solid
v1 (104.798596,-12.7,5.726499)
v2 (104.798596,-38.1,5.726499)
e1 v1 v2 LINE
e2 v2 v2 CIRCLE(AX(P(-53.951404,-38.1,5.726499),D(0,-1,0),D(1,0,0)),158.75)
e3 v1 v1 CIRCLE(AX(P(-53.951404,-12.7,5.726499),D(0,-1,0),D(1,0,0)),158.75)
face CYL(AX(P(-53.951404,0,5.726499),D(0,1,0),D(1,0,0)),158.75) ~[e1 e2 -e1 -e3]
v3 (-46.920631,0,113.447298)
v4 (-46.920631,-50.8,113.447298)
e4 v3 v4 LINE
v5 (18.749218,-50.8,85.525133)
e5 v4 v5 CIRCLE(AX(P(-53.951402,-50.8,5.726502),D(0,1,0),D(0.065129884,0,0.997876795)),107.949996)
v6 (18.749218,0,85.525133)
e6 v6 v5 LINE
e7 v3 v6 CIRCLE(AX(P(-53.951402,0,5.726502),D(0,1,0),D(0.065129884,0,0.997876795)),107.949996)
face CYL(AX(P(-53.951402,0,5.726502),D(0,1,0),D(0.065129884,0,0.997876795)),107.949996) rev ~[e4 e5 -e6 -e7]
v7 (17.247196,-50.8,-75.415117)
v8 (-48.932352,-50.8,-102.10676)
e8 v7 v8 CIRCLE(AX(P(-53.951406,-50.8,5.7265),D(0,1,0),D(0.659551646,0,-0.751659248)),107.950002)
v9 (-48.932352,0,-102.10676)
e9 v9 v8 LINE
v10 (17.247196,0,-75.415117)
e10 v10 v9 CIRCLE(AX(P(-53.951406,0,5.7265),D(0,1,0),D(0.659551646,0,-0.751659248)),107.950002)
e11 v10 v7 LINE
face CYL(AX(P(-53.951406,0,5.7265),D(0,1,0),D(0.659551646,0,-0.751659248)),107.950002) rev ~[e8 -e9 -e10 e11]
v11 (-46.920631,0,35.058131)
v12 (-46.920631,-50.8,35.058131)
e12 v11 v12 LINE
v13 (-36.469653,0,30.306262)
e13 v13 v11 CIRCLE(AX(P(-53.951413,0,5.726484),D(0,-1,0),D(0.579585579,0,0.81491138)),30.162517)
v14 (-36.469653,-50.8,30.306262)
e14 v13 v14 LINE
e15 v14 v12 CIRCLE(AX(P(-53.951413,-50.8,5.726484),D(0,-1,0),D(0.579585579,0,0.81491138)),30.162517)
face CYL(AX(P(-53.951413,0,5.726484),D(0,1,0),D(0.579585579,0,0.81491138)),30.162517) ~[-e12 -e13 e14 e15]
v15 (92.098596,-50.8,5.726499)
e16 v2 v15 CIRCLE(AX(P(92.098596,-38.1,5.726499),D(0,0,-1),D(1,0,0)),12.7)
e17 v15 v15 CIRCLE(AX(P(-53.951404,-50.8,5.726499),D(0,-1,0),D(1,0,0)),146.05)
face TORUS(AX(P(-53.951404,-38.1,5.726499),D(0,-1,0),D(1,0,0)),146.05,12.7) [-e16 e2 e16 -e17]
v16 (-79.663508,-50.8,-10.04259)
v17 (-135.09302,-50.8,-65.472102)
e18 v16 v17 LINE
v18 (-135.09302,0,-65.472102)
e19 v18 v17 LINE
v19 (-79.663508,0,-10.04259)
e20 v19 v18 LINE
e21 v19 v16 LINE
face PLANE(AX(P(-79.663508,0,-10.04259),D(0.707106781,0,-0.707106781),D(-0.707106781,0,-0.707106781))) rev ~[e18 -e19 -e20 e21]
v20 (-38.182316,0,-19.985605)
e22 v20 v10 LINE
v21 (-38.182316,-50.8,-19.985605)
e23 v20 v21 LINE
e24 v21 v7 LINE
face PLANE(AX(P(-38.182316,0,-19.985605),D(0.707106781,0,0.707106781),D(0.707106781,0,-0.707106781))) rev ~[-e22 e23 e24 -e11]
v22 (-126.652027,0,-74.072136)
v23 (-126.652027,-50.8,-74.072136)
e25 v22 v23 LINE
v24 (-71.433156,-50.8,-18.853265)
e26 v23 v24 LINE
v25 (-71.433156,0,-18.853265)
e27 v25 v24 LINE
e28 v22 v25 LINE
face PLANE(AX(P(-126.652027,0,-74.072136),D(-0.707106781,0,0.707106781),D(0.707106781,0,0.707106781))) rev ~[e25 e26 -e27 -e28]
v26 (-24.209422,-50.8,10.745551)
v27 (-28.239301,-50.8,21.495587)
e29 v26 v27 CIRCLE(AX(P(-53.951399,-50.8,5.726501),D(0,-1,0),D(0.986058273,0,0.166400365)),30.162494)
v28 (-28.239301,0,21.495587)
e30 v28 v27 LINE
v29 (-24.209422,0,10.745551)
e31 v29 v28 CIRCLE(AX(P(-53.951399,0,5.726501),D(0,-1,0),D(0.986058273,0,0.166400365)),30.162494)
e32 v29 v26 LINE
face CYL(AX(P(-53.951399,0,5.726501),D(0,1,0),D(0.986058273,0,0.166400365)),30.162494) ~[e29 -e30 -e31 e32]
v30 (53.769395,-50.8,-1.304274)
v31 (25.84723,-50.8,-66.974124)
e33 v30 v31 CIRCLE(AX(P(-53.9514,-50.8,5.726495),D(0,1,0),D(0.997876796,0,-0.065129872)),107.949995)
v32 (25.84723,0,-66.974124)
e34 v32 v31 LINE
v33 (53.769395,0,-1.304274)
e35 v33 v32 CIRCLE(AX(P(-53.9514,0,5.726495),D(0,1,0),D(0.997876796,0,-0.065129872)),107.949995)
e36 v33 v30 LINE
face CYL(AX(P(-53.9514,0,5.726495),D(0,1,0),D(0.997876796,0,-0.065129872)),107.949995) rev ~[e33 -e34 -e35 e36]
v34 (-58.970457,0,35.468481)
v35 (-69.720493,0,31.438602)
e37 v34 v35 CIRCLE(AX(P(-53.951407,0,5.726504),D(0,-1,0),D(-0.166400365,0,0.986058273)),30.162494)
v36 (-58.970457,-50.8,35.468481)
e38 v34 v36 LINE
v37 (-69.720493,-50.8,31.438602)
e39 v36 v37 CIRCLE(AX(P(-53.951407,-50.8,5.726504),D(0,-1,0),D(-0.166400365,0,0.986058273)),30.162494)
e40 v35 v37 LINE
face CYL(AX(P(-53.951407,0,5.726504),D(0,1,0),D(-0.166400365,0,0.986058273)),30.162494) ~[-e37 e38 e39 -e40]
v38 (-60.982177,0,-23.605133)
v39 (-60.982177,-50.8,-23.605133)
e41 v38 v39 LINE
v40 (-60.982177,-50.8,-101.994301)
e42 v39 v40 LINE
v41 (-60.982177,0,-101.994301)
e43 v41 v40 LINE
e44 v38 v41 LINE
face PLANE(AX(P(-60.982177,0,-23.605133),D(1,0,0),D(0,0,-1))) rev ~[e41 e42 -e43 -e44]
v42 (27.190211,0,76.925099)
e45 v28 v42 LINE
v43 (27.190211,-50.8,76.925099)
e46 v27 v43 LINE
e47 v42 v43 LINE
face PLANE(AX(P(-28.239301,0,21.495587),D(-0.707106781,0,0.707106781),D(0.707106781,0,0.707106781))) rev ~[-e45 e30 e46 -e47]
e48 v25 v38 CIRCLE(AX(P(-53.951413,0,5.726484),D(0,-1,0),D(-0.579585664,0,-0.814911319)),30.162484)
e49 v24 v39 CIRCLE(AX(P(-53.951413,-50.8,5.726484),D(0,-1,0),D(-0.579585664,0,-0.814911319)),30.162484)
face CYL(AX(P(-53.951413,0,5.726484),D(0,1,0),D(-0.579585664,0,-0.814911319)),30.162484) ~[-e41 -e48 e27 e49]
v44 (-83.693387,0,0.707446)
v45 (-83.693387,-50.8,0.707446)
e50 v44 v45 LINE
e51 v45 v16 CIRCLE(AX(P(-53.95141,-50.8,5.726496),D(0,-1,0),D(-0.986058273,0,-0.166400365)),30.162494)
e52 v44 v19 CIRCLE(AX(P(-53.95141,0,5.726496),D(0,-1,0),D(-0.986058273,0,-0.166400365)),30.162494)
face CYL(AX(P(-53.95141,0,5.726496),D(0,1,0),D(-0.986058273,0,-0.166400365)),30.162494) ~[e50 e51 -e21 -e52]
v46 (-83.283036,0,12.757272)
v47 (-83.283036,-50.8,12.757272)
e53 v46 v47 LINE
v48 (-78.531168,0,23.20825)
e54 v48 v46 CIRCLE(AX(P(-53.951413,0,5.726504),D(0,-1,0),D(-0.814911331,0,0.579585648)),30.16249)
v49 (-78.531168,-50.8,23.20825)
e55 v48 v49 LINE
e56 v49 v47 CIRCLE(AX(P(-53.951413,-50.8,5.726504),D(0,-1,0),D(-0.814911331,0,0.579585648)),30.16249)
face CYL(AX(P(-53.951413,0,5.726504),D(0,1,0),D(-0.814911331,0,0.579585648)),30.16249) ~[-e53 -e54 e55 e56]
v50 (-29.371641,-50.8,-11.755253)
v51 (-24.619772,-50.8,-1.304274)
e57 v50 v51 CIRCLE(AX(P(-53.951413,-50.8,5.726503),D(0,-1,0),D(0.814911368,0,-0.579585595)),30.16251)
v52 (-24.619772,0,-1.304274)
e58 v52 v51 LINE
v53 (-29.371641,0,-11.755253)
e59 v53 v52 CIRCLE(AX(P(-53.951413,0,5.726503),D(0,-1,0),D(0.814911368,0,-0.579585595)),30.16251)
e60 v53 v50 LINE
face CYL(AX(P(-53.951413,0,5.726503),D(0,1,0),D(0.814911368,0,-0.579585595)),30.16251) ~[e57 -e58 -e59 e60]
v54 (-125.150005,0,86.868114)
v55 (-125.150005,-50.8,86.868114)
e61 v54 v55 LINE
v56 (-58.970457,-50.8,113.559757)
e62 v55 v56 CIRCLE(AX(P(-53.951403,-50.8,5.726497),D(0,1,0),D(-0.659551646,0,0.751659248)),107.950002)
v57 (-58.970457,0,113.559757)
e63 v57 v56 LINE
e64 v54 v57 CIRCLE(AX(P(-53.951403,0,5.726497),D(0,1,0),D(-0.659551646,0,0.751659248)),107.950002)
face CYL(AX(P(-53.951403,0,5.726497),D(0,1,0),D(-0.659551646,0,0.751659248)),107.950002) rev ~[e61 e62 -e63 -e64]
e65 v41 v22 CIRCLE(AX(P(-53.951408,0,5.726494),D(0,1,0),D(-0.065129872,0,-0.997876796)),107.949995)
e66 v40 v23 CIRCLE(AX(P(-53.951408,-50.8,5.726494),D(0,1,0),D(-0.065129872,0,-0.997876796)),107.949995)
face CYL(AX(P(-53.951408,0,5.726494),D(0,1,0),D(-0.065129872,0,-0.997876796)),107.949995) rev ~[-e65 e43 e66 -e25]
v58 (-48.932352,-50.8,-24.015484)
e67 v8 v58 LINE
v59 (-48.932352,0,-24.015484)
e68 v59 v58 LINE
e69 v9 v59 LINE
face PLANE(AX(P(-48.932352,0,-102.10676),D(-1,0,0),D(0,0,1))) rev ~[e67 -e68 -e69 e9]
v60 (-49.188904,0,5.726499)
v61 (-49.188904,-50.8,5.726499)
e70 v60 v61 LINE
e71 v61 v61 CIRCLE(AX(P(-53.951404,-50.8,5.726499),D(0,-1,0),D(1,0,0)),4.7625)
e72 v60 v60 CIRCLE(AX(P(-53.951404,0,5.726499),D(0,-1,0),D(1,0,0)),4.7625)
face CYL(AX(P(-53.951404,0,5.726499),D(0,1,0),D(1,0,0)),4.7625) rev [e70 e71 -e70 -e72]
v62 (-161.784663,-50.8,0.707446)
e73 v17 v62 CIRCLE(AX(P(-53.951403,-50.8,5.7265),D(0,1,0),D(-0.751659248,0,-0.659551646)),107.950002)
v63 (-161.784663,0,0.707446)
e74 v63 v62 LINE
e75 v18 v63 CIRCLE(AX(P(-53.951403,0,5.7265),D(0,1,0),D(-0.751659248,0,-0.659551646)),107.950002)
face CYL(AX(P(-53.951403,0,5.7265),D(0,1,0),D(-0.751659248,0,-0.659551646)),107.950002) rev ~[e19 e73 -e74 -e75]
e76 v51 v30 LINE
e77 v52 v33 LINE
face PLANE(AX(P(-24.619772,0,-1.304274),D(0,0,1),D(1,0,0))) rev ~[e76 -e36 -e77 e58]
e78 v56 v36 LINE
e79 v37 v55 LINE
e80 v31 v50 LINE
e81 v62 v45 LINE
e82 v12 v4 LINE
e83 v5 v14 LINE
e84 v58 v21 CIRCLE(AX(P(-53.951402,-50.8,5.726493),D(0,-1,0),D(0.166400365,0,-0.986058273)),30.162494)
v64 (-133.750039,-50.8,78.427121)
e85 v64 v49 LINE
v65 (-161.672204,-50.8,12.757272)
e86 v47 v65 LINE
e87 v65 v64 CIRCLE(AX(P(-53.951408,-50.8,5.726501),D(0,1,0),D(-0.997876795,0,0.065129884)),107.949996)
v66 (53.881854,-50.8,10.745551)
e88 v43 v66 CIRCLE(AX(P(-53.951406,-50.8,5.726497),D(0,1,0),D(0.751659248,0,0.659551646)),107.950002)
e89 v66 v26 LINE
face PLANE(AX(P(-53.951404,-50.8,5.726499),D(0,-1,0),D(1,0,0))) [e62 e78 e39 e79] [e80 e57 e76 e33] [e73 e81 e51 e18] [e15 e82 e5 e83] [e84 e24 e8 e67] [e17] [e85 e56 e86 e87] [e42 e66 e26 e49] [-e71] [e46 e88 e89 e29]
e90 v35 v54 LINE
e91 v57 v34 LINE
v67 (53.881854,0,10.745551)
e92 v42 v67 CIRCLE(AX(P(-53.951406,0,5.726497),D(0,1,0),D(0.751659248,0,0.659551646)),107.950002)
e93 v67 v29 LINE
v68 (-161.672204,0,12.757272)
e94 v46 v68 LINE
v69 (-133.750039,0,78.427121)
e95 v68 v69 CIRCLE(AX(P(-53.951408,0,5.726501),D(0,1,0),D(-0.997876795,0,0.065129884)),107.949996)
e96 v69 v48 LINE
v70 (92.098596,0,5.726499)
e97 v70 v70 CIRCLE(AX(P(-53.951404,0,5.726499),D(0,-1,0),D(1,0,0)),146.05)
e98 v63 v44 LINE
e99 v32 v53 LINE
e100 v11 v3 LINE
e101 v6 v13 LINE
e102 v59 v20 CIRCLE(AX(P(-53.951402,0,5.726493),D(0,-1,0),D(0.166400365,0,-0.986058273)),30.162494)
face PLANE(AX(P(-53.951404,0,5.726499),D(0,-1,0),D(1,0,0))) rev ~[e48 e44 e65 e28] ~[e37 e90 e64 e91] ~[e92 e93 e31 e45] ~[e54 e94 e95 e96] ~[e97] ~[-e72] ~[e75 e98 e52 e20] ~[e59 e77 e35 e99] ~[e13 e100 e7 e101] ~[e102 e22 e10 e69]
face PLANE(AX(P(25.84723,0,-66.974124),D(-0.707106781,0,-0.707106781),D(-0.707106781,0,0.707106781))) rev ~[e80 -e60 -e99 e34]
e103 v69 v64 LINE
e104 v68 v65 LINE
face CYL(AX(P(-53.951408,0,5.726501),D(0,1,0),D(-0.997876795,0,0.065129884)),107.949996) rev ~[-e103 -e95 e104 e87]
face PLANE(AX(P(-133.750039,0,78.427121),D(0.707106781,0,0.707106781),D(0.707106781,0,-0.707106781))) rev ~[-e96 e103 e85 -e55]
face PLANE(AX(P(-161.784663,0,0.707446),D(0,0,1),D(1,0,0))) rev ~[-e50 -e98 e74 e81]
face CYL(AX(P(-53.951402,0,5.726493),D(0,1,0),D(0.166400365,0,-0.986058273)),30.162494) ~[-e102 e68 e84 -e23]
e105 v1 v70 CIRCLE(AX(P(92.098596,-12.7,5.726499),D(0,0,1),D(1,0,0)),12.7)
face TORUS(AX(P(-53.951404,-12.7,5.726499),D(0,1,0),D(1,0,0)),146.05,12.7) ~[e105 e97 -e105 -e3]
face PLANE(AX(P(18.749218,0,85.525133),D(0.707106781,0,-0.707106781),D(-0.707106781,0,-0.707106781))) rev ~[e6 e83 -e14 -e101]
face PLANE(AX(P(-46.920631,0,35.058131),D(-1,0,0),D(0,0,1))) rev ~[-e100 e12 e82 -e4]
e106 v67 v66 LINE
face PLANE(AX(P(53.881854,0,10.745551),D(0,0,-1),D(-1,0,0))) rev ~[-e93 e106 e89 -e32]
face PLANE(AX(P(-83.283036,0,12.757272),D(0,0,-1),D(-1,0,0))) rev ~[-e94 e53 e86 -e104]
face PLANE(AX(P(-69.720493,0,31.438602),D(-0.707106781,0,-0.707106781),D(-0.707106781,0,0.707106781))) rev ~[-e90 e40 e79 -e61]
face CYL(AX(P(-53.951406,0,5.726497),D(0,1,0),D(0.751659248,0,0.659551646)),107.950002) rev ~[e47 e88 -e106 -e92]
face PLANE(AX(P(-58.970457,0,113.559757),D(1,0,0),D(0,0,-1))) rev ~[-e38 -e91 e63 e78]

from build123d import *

# Parameters (mm, degrees)
F0_R     = 158.75
F0_R_2   = 4.7625
F1_DEPTH = 50.8
F2_R     = 12.7


with BuildPart() as f1:
    # F0 (on Front) → F1 (new body)
    with BuildSketch(Plane.XZ):
        with Locations((-53.951404, 5.726499)):
            Circle(F0_R)
        with BuildLine():
            Line((-122.349605, -69.769714), (-71.433156, -18.853265))
            ThreePointArc((-71.433156, -18.853265), (-66.435836, -21.731021), (-60.982177, -23.605133))
            Line((-60.982177, -23.605133), (-60.982177, -95.783764))
            Line((-60.982177, -95.783764), (-60.982177, -101.994301))
            ThreePointArc((-60.982177, -101.994301), (-96.191027, -93.616427), (-126.652027, -74.072136))
            Line((-126.652027, -74.072136), (-122.349605, -69.769714))
        make_face(mode=Mode.SUBTRACT)
        with BuildLine():
            Line((-155.70012, 0.707446), (-83.693387, 0.707446))
            ThreePointArc((-83.693387, 0.707446), (-82.194629, -4.861074), (-79.663508, -10.04259))
            Line((-79.663508, -10.04259), (-130.701507, -61.080589))
            Line((-130.701507, -61.080589), (-135.09302, -65.472102))
            ThreePointArc((-135.09302, -65.472102), (-154.065384, -34.651634), (-161.784663, 0.707446))
            Line((-161.784663, 0.707446), (-155.70012, 0.707446))
        make_face(mode=Mode.SUBTRACT)
        with BuildLine():
            Line((-48.932352, -96.022217), (-48.932352, -24.015484))
            ThreePointArc((-48.932352, -24.015484), (-43.363832, -22.516726), (-38.182316, -19.985605))
            Line((-38.182316, -19.985605), (12.855683, -71.023604))
            Line((12.855683, -71.023604), (17.247196, -75.415117))
            ThreePointArc((17.247196, -75.415117), (-13.573272, -94.387481), (-48.932352, -102.10676))
            Line((-48.932352, -102.10676), (-48.932352, -96.022217))
        make_face(mode=Mode.SUBTRACT)
        with BuildLine():
            Line((21.544808, -62.671702), (-29.371641, -11.755253))
            ThreePointArc((-29.371641, -11.755253), (-26.493885, -6.757933), (-24.619772, -1.304274))
            Line((-24.619772, -1.304274), (47.558858, -1.304274))
            Line((47.558858, -1.304274), (53.769395, -1.304274))
            ThreePointArc((53.769395, -1.304274), (45.391521, -36.513124), (25.84723, -66.974124))
            Line((25.84723, -66.974124), (21.544808, -62.671702))
        make_face(mode=Mode.SUBTRACT)
        with BuildLine():
            ThreePointArc((-78.531168, 23.20825), (-81.408924, 18.21093), (-83.283036, 12.757272))
            Line((-83.283036, 12.757272), (-155.461667, 12.757272))
            Line((-155.461667, 12.757272), (-161.672204, 12.757272))
            ThreePointArc((-161.672204, 12.757272), (-153.29433, 47.966121), (-133.750039, 78.427121))
            Line((-133.750039, 78.427121), (-129.447617, 74.124699))
            Line((-129.447617, 74.124699), (-78.531168, 23.20825))
        make_face(mode=Mode.SUBTRACT)
        with BuildLine():
            ThreePointArc((-125.150005, 86.868114), (-94.329537, 105.840478), (-58.970457, 113.559757))
            Line((-58.970457, 113.559757), (-58.970457, 107.475214))
            Line((-58.970457, 107.475214), (-58.970457, 35.468481))
            ThreePointArc((-58.970457, 35.468481), (-64.538977, 33.969723), (-69.720493, 31.438602))
            Line((-69.720493, 31.438602), (-120.758492, 82.476601))
            Line((-120.758492, 82.476601), (-125.150005, 86.868114))
        make_face(mode=Mode.SUBTRACT)
        with Locations((-53.951404, 5.726499)):
            Circle(F0_R_2, mode=Mode.SUBTRACT)
        with BuildLine():
            ThreePointArc((-24.209422, 10.745551), (-25.70818, 16.314071), (-28.239301, 21.495587))
            Line((-28.239301, 21.495587), (22.798698, 72.533586))
            Line((22.798698, 72.533586), (27.190211, 76.925099))
            ThreePointArc((27.190211, 76.925099), (46.162575, 46.104631), (53.881854, 10.745551))
            Line((53.881854, 10.745551), (47.797311, 10.745551))
            Line((47.797311, 10.745551), (-24.209422, 10.745551))
        make_face(mode=Mode.SUBTRACT)
        with BuildLine():
            Line((14.446796, 81.222711), (-36.469653, 30.306262))
            ThreePointArc((-36.469653, 30.306262), (-41.466973, 33.184018), (-46.920631, 35.058131))
            Line((-46.920631, 35.058131), (-46.920631, 107.236761))
            Line((-46.920631, 107.236761), (-46.920631, 113.447298))
            ThreePointArc((-46.920631, 113.447298), (-11.711782, 105.069424), (18.749218, 85.525133))
            Line((18.749218, 85.525133), (14.446796, 81.222711))
        make_face(mode=Mode.SUBTRACT)
    extrude(amount=F1_DEPTH)

    # F2
    f2_edges = [f1.edges().sort_by_distance(p)[0] for p in [
        (-212.701404, -50.8, 5.726499),
        (-212.701404, 0, 5.726499),
    ]]
    fillet(f2_edges, radius=F2_R)


solid = f1.part
